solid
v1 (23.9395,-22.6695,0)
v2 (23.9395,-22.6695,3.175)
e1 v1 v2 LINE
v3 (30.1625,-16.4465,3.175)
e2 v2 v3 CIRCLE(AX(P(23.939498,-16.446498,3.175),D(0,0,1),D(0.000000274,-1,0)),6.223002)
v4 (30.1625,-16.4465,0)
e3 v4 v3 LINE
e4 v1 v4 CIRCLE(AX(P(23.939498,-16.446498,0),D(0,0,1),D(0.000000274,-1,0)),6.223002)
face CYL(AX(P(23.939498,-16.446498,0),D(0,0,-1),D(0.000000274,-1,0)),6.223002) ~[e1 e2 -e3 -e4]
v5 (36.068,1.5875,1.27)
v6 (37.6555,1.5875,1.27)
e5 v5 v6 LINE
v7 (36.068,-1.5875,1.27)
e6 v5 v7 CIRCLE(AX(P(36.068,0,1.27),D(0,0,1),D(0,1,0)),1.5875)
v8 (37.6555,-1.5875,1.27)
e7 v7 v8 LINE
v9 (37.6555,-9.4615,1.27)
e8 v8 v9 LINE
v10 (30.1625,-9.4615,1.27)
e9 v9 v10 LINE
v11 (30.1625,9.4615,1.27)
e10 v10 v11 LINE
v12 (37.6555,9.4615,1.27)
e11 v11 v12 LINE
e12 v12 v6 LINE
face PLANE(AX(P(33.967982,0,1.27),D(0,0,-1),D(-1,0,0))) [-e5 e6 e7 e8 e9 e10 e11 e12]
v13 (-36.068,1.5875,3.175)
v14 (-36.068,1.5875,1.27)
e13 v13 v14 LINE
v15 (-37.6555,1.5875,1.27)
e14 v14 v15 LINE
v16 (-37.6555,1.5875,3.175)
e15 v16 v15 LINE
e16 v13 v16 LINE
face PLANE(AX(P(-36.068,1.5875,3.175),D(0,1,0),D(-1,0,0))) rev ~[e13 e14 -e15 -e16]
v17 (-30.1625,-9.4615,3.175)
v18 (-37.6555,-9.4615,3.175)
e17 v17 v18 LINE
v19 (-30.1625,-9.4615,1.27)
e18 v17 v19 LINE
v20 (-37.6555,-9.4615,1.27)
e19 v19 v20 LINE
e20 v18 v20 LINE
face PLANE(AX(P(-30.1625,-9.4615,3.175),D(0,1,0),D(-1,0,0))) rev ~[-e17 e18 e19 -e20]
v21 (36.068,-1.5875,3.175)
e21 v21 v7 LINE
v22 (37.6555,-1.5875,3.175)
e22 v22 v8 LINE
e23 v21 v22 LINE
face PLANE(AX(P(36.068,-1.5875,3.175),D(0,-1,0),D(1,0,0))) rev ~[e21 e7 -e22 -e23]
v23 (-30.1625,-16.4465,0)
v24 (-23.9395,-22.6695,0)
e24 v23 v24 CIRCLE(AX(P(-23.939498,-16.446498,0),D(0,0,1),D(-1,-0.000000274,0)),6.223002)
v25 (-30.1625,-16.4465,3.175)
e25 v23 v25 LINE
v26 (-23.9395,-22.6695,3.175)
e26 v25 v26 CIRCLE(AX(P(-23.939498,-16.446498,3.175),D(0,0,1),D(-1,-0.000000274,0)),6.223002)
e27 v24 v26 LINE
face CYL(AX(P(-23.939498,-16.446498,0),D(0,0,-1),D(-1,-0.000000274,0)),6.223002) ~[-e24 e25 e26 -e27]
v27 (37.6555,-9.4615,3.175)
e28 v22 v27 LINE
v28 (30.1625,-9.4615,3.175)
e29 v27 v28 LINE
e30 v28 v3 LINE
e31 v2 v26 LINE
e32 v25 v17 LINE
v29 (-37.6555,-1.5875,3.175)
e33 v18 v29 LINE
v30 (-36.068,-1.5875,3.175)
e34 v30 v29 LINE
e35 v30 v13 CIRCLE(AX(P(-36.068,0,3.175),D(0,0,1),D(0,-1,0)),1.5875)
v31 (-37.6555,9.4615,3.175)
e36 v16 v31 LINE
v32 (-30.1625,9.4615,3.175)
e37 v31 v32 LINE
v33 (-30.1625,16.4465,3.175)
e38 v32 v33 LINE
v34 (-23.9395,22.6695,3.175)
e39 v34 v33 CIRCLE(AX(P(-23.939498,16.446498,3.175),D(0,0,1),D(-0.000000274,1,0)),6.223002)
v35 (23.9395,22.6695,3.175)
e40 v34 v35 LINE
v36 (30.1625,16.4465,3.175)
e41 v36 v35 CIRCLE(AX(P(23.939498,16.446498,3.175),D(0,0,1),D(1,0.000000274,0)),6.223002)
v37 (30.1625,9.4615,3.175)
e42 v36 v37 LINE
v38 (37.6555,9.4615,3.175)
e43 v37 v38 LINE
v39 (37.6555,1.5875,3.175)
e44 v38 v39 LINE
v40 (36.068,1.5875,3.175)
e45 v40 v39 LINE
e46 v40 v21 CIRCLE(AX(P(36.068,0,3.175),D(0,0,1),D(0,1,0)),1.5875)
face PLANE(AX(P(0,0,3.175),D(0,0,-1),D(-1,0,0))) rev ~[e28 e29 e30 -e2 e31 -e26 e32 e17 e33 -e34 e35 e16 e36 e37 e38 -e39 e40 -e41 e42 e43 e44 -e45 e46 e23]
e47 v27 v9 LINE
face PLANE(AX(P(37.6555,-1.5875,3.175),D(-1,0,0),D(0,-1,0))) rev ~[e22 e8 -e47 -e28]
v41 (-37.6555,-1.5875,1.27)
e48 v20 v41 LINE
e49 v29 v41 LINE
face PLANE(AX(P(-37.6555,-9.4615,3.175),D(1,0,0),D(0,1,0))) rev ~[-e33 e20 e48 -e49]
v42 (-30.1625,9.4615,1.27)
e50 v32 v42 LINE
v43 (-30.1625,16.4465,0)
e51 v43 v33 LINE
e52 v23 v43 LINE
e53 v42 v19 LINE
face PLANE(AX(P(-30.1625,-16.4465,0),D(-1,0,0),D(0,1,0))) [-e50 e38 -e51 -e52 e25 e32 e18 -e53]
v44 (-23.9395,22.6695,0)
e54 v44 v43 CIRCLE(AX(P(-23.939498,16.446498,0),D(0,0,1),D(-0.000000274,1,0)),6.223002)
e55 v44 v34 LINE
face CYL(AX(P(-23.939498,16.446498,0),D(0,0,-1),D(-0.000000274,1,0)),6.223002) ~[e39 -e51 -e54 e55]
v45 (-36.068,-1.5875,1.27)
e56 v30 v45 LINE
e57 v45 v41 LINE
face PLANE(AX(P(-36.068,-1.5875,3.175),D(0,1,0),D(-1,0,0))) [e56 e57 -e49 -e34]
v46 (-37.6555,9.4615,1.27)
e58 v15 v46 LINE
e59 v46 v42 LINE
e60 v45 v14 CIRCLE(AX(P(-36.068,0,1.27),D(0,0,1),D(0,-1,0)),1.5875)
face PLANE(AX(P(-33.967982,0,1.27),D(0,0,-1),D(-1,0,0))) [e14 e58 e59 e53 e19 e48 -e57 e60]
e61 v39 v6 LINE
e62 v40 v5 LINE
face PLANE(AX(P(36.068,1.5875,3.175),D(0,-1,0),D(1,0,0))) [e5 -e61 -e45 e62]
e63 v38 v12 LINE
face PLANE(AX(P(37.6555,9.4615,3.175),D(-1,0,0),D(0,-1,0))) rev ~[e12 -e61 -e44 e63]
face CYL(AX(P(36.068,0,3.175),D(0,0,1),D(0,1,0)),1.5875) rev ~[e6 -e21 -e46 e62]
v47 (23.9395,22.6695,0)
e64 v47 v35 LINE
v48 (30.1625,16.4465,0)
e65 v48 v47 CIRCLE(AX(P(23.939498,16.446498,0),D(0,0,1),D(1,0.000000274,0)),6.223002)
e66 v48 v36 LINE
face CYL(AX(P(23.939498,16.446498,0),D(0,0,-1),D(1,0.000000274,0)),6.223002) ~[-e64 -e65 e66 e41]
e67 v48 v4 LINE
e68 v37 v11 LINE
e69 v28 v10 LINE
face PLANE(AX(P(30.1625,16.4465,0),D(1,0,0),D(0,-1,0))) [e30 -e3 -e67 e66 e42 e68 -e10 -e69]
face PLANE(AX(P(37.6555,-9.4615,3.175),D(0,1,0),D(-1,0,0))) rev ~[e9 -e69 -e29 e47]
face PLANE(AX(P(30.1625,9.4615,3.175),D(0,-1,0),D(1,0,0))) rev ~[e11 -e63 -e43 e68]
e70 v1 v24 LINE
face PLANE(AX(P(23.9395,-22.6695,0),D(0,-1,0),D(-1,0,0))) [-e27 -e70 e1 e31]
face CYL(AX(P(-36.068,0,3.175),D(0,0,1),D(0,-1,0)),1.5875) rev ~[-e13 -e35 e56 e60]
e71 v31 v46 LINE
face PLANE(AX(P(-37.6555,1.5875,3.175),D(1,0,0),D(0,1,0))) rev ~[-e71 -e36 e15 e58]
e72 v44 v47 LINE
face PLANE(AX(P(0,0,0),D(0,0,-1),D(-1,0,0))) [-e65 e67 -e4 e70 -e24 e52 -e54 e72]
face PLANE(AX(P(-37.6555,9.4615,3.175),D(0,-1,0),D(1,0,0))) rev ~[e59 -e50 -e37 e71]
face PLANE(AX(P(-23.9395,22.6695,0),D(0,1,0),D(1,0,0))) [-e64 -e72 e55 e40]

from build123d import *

# Parameters (mm, degrees)
PAD_DEPTH    = 3.175
PAD001_DEPTH = 1.905


with BuildPart() as part:
    # Sketch → Pad (new body)
    with BuildSketch(Plane.XY):
        with BuildLine():
            Line((-30.1625, -16.4465), (-30.1625, 16.4465))
            ThreePointArc((-23.9395, 22.6695), (-28.339825, 20.846825), (-30.1625, 16.4465))
            Line((-23.9395, 22.6695), (23.9395, 22.6695))
            ThreePointArc((30.1625, 16.4465), (28.339825, 20.846825), (23.9395, 22.6695))
            Line((30.1625, 16.4465), (30.1625, -16.4465))
            ThreePointArc((23.9395, -22.6695), (28.339825, -20.846825), (30.1625, -16.4465))
            Line((23.9395, -22.6695), (-23.9395, -22.6695))
            ThreePointArc((-30.1625, -16.4465), (-28.339825, -20.846825), (-23.9395, -22.6695))
        make_face()
    extrude(amount=PAD_DEPTH)

    # Sketch001 (on Face10 of Pad) → Pad001 (join)
    with BuildSketch(Plane.XY.offset(3.175)):
        with BuildLine():
            Line((30.1625, -9.4615), (30.1625, 9.4615))
            Line((30.1625, 9.4615), (37.6555, 9.4615))
            Line((37.6555, 9.4615), (37.6555, 1.5875))
            Line((36.068, 1.5875), (37.6555, 1.5875))
            ThreePointArc((36.068, 1.5875), (34.4805, 0), (36.068, -1.5875))
            Line((36.068, -1.5875), (37.6555, -1.5875))
            Line((37.6555, -1.5875), (37.6555, -9.4615))
            Line((37.6555, -9.4615), (30.1625, -9.4615))
        make_face()
        with BuildLine():
            Line((-37.6555, -9.4615), (-37.6555, -1.5875))
            Line((-36.068, -1.5875), (-37.6555, -1.5875))
            ThreePointArc((-36.068, -1.5875), (-34.4805, 0), (-36.068, 1.5875))
            Line((-36.068, 1.5875), (-37.6555, 1.5875))
            Line((-37.6555, 1.5875), (-37.6555, 9.4615))
            Line((-37.6555, 9.4615), (-30.1625, 9.4615))
            Line((-30.1625, 9.4615), (-30.1625, -9.4615))
            Line((-30.1625, -9.4615), (-37.6555, -9.4615))
        make_face()
    extrude(amount=-PAD001_DEPTH)


solid = part.part
